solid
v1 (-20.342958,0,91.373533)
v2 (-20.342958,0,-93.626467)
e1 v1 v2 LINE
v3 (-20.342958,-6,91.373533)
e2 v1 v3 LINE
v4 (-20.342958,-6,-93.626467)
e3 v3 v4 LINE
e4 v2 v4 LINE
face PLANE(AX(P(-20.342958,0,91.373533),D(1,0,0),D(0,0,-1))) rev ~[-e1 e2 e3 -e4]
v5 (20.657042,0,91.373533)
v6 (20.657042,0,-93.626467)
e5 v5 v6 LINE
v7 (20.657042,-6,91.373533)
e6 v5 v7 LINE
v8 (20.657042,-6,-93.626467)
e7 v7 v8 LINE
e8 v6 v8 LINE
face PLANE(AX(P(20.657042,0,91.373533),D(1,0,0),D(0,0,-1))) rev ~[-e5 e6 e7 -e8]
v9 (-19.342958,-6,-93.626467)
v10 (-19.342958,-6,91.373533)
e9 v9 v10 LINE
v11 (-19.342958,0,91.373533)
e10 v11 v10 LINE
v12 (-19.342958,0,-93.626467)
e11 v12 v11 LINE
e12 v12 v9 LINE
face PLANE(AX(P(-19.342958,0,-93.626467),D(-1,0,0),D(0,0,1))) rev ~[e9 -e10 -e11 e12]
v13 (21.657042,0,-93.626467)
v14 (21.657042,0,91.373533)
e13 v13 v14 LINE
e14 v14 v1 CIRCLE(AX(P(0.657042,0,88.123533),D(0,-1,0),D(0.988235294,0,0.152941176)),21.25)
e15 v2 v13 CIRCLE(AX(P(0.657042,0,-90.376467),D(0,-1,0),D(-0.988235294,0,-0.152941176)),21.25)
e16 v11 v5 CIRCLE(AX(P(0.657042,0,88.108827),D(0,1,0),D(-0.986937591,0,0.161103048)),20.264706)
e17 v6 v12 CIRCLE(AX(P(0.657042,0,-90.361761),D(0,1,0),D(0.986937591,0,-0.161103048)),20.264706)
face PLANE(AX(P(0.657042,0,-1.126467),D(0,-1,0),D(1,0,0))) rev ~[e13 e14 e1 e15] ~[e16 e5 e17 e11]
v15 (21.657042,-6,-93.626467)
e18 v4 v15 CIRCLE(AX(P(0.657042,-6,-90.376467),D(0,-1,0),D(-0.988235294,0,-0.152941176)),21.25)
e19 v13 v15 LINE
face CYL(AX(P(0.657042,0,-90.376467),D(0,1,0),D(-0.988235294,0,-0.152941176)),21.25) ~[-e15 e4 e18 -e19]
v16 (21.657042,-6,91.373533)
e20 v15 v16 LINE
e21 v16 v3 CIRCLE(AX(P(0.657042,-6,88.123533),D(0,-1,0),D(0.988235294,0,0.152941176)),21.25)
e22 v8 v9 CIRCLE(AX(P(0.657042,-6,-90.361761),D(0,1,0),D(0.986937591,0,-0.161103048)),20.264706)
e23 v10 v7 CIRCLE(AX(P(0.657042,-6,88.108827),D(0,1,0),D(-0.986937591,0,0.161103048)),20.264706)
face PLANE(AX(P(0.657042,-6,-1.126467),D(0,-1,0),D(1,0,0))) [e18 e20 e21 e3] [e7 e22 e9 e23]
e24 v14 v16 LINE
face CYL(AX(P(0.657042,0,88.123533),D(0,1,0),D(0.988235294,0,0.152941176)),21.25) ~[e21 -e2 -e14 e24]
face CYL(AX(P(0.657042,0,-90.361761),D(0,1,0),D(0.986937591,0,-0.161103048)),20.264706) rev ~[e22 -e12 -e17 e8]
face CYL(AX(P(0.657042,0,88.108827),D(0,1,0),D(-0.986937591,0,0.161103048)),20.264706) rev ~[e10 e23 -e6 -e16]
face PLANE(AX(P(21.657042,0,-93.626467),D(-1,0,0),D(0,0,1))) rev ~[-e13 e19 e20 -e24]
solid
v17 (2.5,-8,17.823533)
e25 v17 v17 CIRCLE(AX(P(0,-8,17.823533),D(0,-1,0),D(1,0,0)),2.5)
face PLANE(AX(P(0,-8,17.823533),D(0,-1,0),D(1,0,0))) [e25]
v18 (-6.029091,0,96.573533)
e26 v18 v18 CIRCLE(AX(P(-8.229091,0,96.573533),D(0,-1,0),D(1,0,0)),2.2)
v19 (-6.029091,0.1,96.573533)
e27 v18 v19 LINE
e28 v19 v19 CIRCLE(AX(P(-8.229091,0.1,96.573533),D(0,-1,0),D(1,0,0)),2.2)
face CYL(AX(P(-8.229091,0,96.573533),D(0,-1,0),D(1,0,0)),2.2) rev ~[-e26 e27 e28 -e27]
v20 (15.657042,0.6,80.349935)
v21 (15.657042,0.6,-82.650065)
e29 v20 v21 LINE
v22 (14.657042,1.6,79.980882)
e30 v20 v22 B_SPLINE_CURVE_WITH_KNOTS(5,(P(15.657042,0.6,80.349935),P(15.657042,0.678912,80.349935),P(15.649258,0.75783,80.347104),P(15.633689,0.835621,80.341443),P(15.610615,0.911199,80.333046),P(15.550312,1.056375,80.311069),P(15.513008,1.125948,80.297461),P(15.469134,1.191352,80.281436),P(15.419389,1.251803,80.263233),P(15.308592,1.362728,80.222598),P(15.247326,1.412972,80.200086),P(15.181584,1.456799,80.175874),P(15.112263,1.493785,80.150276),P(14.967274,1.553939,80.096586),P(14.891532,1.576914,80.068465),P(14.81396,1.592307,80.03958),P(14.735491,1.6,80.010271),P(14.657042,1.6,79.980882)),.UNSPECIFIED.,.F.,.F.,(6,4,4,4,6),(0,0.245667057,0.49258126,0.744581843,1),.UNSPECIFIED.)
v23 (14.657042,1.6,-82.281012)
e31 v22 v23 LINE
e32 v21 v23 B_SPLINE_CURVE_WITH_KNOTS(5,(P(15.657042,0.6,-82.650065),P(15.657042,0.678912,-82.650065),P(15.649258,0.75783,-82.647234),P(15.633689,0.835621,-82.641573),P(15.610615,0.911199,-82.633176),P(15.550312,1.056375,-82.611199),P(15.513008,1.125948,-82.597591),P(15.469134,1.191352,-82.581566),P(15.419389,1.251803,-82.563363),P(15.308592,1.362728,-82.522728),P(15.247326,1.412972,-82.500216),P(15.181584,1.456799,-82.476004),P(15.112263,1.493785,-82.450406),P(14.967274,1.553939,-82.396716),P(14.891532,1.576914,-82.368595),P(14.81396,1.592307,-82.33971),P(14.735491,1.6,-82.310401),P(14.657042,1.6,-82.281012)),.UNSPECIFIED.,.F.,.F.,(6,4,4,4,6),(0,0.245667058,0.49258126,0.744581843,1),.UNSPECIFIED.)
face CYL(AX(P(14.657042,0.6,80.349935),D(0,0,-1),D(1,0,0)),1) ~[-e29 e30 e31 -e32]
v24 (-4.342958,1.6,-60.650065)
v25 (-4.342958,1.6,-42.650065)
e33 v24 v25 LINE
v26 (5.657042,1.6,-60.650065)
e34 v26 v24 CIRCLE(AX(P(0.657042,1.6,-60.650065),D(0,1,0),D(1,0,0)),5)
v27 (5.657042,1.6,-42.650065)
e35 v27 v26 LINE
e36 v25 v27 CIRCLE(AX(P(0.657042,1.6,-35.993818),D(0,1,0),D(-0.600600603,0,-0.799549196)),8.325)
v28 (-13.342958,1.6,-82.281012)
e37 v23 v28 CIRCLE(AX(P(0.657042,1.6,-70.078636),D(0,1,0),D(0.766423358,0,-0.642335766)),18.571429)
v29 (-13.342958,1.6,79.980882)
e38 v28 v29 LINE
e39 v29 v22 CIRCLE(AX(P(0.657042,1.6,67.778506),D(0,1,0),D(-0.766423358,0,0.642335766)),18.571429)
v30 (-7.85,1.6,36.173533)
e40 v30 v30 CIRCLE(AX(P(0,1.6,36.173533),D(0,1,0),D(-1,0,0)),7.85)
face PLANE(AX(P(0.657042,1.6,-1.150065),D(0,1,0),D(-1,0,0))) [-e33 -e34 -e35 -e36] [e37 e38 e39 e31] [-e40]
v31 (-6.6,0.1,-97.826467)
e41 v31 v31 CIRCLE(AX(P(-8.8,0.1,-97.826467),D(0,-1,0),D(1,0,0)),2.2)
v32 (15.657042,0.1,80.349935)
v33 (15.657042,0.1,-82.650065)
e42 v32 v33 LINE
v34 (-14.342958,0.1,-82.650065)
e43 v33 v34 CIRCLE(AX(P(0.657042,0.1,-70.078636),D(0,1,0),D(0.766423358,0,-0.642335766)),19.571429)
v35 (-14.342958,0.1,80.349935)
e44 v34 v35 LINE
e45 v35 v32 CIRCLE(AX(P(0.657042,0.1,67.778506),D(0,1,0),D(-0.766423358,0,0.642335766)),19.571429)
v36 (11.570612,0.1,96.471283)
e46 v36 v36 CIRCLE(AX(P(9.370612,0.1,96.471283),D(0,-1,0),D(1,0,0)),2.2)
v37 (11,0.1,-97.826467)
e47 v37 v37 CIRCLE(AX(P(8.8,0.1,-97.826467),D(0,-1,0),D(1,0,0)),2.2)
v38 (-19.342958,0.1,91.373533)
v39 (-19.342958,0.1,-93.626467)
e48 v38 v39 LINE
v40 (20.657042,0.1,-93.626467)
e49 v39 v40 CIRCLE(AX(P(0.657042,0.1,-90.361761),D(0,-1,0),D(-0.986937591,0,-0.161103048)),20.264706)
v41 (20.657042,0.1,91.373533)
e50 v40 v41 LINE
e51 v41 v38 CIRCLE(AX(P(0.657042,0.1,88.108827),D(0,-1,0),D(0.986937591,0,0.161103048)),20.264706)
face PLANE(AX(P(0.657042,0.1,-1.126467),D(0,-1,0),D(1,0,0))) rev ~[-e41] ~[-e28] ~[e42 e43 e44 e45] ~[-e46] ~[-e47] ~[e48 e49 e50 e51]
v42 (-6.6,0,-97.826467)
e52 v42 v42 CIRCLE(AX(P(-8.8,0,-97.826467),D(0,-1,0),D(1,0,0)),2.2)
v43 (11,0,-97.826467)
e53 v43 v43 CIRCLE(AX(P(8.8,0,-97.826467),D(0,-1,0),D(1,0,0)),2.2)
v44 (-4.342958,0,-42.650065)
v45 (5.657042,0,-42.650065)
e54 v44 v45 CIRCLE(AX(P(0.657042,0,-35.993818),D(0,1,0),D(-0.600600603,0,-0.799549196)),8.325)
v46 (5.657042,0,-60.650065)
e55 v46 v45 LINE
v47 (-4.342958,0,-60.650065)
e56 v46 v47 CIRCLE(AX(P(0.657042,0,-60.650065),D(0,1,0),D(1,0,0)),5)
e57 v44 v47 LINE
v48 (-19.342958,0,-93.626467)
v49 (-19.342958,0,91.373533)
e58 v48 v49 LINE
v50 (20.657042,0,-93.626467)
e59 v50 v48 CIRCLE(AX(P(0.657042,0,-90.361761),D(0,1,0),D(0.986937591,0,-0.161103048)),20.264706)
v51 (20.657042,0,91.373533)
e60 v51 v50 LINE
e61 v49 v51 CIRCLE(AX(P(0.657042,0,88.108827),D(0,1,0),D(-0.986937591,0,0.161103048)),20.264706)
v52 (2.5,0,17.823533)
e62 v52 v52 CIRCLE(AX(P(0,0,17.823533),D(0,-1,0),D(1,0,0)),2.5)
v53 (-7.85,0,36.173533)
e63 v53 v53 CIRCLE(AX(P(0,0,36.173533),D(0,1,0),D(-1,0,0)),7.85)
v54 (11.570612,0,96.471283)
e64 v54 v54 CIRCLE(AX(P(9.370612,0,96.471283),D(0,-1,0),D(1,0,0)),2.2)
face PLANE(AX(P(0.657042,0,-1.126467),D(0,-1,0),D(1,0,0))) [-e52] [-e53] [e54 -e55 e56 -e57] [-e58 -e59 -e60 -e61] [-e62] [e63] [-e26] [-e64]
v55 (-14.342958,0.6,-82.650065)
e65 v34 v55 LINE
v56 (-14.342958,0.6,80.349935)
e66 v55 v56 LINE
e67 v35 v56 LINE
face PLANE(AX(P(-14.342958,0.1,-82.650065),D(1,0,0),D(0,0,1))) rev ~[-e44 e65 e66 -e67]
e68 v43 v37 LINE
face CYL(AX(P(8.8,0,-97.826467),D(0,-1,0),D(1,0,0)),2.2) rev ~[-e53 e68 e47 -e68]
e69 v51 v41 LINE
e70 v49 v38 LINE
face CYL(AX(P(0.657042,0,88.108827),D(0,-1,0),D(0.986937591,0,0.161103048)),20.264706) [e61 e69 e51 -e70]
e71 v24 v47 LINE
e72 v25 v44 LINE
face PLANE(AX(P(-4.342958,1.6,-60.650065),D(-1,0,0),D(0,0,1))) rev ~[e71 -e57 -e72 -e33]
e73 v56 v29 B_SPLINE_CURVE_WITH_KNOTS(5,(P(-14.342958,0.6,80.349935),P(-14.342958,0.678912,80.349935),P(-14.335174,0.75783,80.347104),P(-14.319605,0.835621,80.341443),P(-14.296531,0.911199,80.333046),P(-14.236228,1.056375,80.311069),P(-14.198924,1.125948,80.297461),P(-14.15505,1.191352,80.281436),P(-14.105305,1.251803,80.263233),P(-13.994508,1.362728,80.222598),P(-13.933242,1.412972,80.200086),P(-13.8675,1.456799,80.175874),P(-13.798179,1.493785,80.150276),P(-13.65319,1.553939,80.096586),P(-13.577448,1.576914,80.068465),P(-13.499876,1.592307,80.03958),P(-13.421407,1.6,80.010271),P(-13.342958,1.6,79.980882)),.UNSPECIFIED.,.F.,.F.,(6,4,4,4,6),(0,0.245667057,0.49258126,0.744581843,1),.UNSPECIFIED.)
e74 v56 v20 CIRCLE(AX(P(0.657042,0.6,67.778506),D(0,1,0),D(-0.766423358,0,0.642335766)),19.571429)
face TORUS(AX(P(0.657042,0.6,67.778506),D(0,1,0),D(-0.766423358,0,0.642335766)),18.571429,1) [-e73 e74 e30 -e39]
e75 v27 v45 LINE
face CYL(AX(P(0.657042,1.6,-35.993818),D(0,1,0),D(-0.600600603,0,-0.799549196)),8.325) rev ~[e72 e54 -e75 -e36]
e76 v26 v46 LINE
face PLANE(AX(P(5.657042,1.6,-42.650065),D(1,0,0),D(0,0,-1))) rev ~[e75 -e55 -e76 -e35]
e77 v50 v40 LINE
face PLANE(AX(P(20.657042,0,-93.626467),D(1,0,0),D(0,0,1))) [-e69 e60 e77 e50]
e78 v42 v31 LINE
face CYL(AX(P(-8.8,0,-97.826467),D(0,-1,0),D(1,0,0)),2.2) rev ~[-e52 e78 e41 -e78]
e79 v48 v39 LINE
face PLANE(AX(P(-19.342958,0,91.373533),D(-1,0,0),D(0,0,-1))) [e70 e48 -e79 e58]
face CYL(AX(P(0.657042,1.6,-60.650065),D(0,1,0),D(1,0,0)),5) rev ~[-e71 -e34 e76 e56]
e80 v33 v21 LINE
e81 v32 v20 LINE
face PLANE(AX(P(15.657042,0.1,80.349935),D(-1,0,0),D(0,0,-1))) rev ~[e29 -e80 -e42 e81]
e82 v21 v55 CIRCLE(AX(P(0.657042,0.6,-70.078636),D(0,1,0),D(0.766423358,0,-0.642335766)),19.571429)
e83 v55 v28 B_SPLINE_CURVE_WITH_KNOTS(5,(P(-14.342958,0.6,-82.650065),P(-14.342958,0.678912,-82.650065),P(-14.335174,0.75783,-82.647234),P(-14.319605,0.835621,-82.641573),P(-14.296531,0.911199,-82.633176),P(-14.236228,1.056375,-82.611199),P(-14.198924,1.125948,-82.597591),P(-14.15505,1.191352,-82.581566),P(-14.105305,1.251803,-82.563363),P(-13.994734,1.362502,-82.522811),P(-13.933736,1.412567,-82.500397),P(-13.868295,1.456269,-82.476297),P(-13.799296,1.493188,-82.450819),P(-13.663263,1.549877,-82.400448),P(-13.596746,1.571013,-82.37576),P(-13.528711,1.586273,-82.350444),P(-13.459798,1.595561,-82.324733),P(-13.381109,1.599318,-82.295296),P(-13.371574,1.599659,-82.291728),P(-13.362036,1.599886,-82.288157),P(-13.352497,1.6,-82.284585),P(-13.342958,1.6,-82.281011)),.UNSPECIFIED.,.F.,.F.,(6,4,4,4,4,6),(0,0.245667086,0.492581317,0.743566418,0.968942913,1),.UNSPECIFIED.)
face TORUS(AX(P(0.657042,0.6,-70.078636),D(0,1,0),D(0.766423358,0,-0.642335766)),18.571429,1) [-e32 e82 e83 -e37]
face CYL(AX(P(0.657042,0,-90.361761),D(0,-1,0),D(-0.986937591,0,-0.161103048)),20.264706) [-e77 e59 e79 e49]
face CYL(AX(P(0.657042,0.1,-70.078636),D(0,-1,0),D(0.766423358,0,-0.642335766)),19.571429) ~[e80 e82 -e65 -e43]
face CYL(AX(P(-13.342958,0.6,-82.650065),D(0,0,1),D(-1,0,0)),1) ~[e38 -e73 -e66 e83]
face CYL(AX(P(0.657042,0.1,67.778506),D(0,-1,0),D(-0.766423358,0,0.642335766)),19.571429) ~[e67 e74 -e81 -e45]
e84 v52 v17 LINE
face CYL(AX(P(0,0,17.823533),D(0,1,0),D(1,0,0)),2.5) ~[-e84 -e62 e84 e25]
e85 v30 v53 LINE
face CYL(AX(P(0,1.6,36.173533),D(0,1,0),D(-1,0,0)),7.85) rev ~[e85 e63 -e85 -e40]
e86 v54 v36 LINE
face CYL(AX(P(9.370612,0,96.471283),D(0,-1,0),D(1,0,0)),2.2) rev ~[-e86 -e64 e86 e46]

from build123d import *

# Parameters (mm, degrees)
F1_DEPTH = 6
F0_R     = 2.2
F2_DEPTH = 0.1
F4_DEPTH = 1.5
F5_R     = 1
F6_R     = 7.85
F7_DEPTH = 25
F8_R     = 2.5
F9_DEPTH = 8


with BuildPart() as f1:
    # F0 (on Front) → F1 (new body)
    with BuildSketch(Plane.XZ):
        with BuildLine():
            Line((21.657042, -93.626467), (21.657042, 91.373533))
            ThreePointArc((21.657042, 91.373533), (0.657042, 109.373533), (-20.342958, 91.373533))
            Line((-20.342958, 91.373533), (-20.342958, -93.626467))
            ThreePointArc((-20.342958, -93.626467), (0.657042, -111.626467), (21.657042, -93.626467))
        make_face()
        with BuildLine():
            Line((-19.342958, -93.626467), (-19.342958, 91.373533))
            ThreePointArc((-19.342958, 91.373533), (0.657042, 108.373533), (20.657042, 91.373533))
            Line((20.657042, 91.373533), (20.657042, -93.626467))
            ThreePointArc((20.657042, -93.626467), (0.657042, -110.626467), (-19.342958, -93.626467))
        make_face(mode=Mode.SUBTRACT)
    extrude(amount=F1_DEPTH)

    # F0 (on Front) → F2 (join)
    with BuildSketch(Plane.XZ):
        with BuildLine():
            ThreePointArc((20.657042, 91.373533), (0.657042, 108.373533), (-19.342958, 91.373533))
            Line((-19.342958, 91.373533), (-19.342958, -93.626467))
            ThreePointArc((-19.342958, -93.626467), (0.657042, -110.626467), (20.657042, -93.626467))
            Line((20.657042, -93.626467), (20.657042, 91.373533))
        make_face()
        with Locations((-8.8, -97.826467)):
            Circle(F0_R, mode=Mode.SUBTRACT)
        with Locations((8.8, -97.826467)):
            Circle(F0_R, mode=Mode.SUBTRACT)
        with Locations((-8.229091, 96.573533)):
            Circle(F0_R, mode=Mode.SUBTRACT)
        with Locations((9.370612, 96.471283)):
            Circle(F0_R, mode=Mode.SUBTRACT)
    extrude(amount=-F2_DEPTH)

    # F3 (on face) → F4 (join)
    with BuildSketch(Plane(origin=(0, 0.1, 0), x_dir=(-1, 0, 0), z_dir=(0, 1, 0))):
        with BuildLine():
            ThreePointArc((14.342958, 80.349935), (-0.657042, 87.349935), (-15.657042, 80.349935))
            Line((-15.657042, 80.349935), (-15.657042, -82.650065))
            ThreePointArc((-15.657042, -82.650065), (-0.657042, -89.650065), (14.342958, -82.650065))
            Line((14.342958, -82.650065), (14.342958, 80.349935))
        make_face()
    extrude(amount=F4_DEPTH)

    # F5
    f5_edges = [f1.edges().sort_by_distance(p)[0] for p in [
        (15.657042, 1.6, -1.150065),
        (0.657042, 1.6, -89.650065),
        (0.657042, 1.6, 87.349935),
        (-14.342958, 1.6, -1.150065),
    ]]
    fillet(f5_edges, radius=F5_R)

    # F6 (on face) → F7 (cut)
    with BuildSketch(Plane(origin=(0, 1.6, 0), x_dir=(-1, 0, 0), z_dir=(0, 1, 0))):
        with BuildLine():
            ThreePointArc((-5.657042, -60.650065), (-0.657042, -65.650065), (4.342958, -60.650065))
            Line((4.342958, -60.650065), (4.342958, -42.650065))
            ThreePointArc((4.342958, -42.650065), (-0.657042, -27.668818), (-5.657042, -42.650065))
            Line((-5.657042, -42.650065), (-5.657042, -60.650065))
        make_face()
        with Locations((0, 36.173533)):
            Circle(F6_R)
    extrude(amount=-F7_DEPTH, mode=Mode.SUBTRACT)

    # F8 (on face) → F9 (join)
    with BuildSketch(Plane.XZ):
        with Locations((0, 17.823533)):
            Circle(F8_R)
    extrude(amount=F9_DEPTH)


solid = f1.part
